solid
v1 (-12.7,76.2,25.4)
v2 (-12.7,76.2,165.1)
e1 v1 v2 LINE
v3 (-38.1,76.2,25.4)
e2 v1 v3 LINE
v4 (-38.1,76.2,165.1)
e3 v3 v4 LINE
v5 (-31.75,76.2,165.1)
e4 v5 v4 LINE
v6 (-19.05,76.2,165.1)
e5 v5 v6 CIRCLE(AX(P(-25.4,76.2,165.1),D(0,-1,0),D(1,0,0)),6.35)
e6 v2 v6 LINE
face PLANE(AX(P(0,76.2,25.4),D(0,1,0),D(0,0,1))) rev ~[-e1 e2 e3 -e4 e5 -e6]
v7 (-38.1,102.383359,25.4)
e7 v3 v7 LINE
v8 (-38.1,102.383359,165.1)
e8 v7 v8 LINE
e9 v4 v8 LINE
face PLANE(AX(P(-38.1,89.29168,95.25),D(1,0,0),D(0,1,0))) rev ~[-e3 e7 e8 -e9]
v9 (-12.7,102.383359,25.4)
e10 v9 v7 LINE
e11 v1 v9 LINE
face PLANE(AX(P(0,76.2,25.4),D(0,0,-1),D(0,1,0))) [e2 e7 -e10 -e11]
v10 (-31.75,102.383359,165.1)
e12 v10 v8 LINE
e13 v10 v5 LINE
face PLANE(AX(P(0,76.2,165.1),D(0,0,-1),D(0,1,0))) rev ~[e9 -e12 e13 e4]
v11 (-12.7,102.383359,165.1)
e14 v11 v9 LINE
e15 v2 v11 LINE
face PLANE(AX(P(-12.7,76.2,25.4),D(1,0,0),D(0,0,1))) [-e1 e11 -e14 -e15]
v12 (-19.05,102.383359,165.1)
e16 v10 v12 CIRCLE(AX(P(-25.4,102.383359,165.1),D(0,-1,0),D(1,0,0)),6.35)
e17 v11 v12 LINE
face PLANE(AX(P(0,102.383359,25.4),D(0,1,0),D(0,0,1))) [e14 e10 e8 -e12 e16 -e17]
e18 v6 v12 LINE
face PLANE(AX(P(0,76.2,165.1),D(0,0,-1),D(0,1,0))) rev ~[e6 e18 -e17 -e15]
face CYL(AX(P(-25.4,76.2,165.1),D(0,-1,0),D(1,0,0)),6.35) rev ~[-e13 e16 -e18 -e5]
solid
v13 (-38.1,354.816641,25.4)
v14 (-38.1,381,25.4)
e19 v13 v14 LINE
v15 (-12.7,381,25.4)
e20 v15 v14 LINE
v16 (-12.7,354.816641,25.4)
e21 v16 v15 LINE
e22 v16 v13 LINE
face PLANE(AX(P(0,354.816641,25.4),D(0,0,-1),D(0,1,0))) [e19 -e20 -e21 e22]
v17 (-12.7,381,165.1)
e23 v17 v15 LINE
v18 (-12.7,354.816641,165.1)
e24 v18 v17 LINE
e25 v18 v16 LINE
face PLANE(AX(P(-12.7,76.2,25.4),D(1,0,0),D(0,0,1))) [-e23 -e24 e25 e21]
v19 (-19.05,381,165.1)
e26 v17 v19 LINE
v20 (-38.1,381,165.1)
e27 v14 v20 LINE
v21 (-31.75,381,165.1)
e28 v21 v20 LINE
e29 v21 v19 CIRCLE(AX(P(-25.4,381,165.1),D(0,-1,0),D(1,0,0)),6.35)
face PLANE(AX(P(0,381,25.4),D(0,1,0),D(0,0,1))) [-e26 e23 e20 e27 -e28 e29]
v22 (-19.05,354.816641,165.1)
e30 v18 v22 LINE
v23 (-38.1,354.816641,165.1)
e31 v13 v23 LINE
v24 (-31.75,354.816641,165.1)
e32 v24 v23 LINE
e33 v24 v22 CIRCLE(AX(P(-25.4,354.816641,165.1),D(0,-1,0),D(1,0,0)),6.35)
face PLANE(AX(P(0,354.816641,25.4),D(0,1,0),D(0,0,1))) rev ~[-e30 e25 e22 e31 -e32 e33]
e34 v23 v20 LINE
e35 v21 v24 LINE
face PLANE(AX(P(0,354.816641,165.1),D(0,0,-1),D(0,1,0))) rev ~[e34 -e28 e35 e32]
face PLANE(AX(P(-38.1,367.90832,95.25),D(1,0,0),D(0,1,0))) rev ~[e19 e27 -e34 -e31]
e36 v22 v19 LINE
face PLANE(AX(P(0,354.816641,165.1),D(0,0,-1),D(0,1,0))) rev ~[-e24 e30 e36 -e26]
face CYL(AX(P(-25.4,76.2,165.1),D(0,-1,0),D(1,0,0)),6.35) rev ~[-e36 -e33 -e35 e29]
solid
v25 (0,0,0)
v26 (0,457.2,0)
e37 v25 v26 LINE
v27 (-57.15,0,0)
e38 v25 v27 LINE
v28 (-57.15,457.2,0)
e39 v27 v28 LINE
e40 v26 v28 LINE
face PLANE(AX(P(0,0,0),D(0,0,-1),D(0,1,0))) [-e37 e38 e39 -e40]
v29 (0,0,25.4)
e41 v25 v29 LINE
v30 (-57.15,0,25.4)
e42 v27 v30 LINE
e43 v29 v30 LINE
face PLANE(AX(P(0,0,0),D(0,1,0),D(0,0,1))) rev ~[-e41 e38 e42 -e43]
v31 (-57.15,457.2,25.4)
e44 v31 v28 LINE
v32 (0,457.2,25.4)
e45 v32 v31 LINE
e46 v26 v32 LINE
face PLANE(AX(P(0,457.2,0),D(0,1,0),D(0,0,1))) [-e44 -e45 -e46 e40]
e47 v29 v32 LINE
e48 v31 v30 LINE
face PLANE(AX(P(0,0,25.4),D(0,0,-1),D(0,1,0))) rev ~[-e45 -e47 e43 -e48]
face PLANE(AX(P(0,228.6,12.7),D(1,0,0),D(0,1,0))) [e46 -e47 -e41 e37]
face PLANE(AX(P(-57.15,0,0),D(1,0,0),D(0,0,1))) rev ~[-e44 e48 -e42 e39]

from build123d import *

# Parameters (mm, degrees)
F0_W           = 457.2
F0_H           = 25.4
F1_DEPTH       = 203.2
F2_W           = 26.1833593249
F2_H           = 139.7
F3_DEPTH       = 38.1
F4_W           = 12.7
F4_H           = 139.7
F5_DEPTH       = 381.001
F6_W           = 31.75
F6_H           = 152.4
F7_DEPTH       = 38.1
F9_DEPTH       = 196.85
F9_DEPTH_BACK  = 6.35
F11_DEPTH      = 50.8
F12_R          = 22.225
F13_DEPTH      = 12.7
F13_DEPTH_BACK = 139.7
F14_R          = 19.05
F15_DEPTH      = 6.35
F16_R          = 19.05
F17_DEPTH      = 6.35
F19_R          = 12.7
F20_DEPTH      = 190.5
F20_DEPTH_BACK = 38.1
F22_DEPTH      = 114.3
F24_DEPTH      = 209.55
F25_W          = 9.525
F25_H          = 50.8
F26_DEPTH      = 209.55
F28_DEPTH      = 12.7
F28_DEPTH_BACK = 63.5
F29_R          = 6.35
F30_DEPTH      = 406.4
F31_W          = 177.8
F31_H          = 271.1930572987
F32_DEPTH      = 457.201


with BuildPart() as f1:
    # F0 (on Right) → F1 (new body)
    with BuildSketch(Plane.YZ):
        with Locations((228.6, 12.7)):
            Rectangle(F0_W, F0_H)
    extrude(amount=-F1_DEPTH)

    # F6 (on face) → F7 (join)
    with BuildSketch(Plane(origin=(-203.2, 0, 0), x_dir=(0, -1, 0), z_dir=(-1, 0, 0))):
        with Locations((-315.4549715519, 101.6)):
            Rectangle(F6_W, F6_H)
        with Locations((-156.7049715519, 101.6)):
            Rectangle(F6_W, F6_H)
    extrude(amount=-F7_DEPTH)

    # F8 (on face) → F9 (join, two sides)
    with BuildSketch(Plane(origin=(0, 331.3299715519, 0), x_dir=(-1, 0, 0), z_dir=(0, 1, 0))) as f9_sk:
        Polygon((198.8146968374, 190.5), (169.4853031626, 190.5), (154.8206063252, 165.1), (169.4853031626, 139.7), (198.8146968374, 139.7), (213.4793936748, 165.1), align=None)
    extrude(amount=-F9_DEPTH)
    extrude(f9_sk.sketch, amount=F9_DEPTH_BACK)

    # F10 (on face) → F11 (cut)
    with BuildSketch(Plane(origin=(-203.2, 0, 0), x_dir=(0, -1, 0), z_dir=(-1, 0, 0))):
        Polygon((-299.5799715519, 190.5), (-299.5799715519, 139.7), (-172.5799715519, 139.7), (-173.685669899, 190.5), align=None)
    extrude(amount=-F11_DEPTH, mode=Mode.SUBTRACT)

    # F12 (on face) → F13 (cut, two sides)
    with BuildSketch(Plane.XZ.offset(-299.5799715519)) as f13_sk:
        with Locations((-184.15, 165.1)):
            Circle(F12_R)
    extrude(amount=-F13_DEPTH, mode=Mode.SUBTRACT)
    extrude(f13_sk.sketch, amount=F13_DEPTH_BACK, mode=Mode.SUBTRACT)

    # F14 (on face) → F15 (cut)
    with BuildSketch(Plane.XZ.offset(-134.4799715519)):
        with Locations((-184.15, 165.1)):
            Circle(F14_R)
    extrude(amount=-F15_DEPTH, mode=Mode.SUBTRACT)

    # F16 (on face) → F17 (cut)
    with BuildSketch(Plane(origin=(0, 337.6799715519, 0), x_dir=(-1, 0, 0), z_dir=(0, 1, 0))):
        with Locations((184.15, 165.1)):
            Circle(F16_R)
    extrude(amount=-F17_DEPTH, mode=Mode.SUBTRACT)


with BuildPart() as f3:
    # F2 (on face) → F3 (new body)
    with BuildSketch(Plane.YZ):
        with Locations((89.2916796625, 95.25)):
            Rectangle(F2_W, F2_H)
    extrude(amount=-F3_DEPTH)


with BuildPart() as f3b:
    # F2 (on face) → F3, piece 2 (new body)
    with BuildSketch(Plane.YZ):
        with Locations((367.9083203375, 95.25)):
            Rectangle(F2_W, F2_H)
    extrude(amount=-F3_DEPTH)


with BuildPart() as f5_tool:
    # F4 (on face) → F5 (new body, through all)
    with BuildSketch(Plane.XZ.offset(-76.2)):
        with Locations((-6.35, 95.25)):
            Rectangle(F4_W, F4_H)
    extrude(amount=-F5_DEPTH)


with BuildPart() as f3_1:
    add(f3.part)

    # F5: cut by f5_tool
    add(f5_tool.part, mode=Mode.SUBTRACT)


with BuildPart() as f3b_1:
    add(f3b.part)

    # F5: cut by f5_tool
    add(f5_tool.part, mode=Mode.SUBTRACT)


with BuildPart() as f20:
    # F19 (on face) → F20 (new body, two sides)
    with BuildSketch(Plane(origin=(0, 159.8799715519, 0), x_dir=(-1, 0, 0), z_dir=(0, 1, 0))) as f20_sk:
        with Locations((184.15, 165.1)):
            Circle(F19_R)
    extrude(amount=F20_DEPTH)
    extrude(f20_sk.sketch, amount=-F20_DEPTH_BACK)


with BuildPart() as f22:
    # F21 (on offset) → F22 (new body)
    with BuildSketch(Plane.XZ.offset(-293.2299715519)):
        with BuildLine():
            ThreePointArc((-165.100001748, 165.0918391247), (-165.100000437, 165.0959195623), (-165.1, 165.1))
            ThreePointArc((-165.1, 165.1), (-170.6796158184, 178.5703841816), (-184.15, 184.15))
            Line((-184.15, 184.15), (-184.15, 165.1))
            Line((-184.15, 165.1), (-165.100001748, 165.0918391247))
        make_face()
        with BuildLine():
            ThreePointArc((-184.15, 184.15), (-170.6796158184, 178.5703841816), (-165.1, 165.1))
            ThreePointArc((-165.1, 165.1), (-165.100000437, 165.0959195623), (-165.100001748, 165.0918391247))
            Line((-165.100001748, 165.0918391247), (-62.6194391727, 165.0479372263))
            Line((-62.6194391727, 165.0479372263), (-62.6194391727, 266.6479372263))
            Line((-62.6194391727, 266.6479372263), (-75.3194391727, 266.6479372263))
            Line((-75.3194391727, 266.6479372263), (-184.15, 184.15))
        make_face()
        with BuildLine():
            Line((-184.15, 165.1), (-184.15, 184.15))
            ThreePointArc((-184.15, 184.15), (-203.199998252, 165.1081608753), (-184.166321749, 146.0500069921))
            Line((-184.166321749, 146.0500069921), (-184.15, 165.1))
        make_face()
        with BuildLine():
            Line((-62.6194391727, 165.0479372263), (-165.100001748, 165.0918391247))
            ThreePointArc((-165.100001748, 165.0918391247), (-170.6882745145, 151.6209626845), (-184.166321749, 146.0500069921))
            Line((-184.166321749, 146.0500069921), (-75.4064838395, 63.4588556836))
            Line((-75.4064838395, 63.4588556837), (-62.7064885009, 63.4479745176))
            Line((-62.7064885009, 63.4479745176), (-62.6194391727, 165.0479372263))
        make_face()
        with BuildLine():
            ThreePointArc((-184.166321749, 146.0500069921), (-170.6882745145, 151.6209626845), (-165.100001748, 165.0918391247))
            Line((-165.100001748, 165.0918391247), (-184.15, 165.1))
            Line((-184.15, 165.1), (-184.166321749, 146.0500069921))
        make_face()
    extrude(amount=F22_DEPTH)


with BuildPart() as f24_tool:
    # F23 (on face) → F24 (new body)
    with BuildSketch(Plane.XY.offset(266.6479372263)):
        Polygon((-72.1444391727, 197.9799715519), (-72.1444391727, 274.1799715519), (-176.837772131, 280.5299715519), (-176.837772131, 191.6299715519), align=None)
    extrude(amount=-F24_DEPTH)


with BuildPart() as f20_1:
    add(f20.part)

    # F24: cut by f24_tool
    add(f24_tool.part, mode=Mode.SUBTRACT)


with BuildPart() as f22_1:
    add(f22.part)

    # F24: cut by f24_tool
    add(f24_tool.part, mode=Mode.SUBTRACT)

    # F25 (on face) → F26 (cut)
    with BuildSketch(Plane.XY.offset(266.6479372263)):
        with Locations((-67.3819391727, 236.0799715519)):
            Rectangle(F25_W, F25_H)
    extrude(amount=-F26_DEPTH, mode=Mode.SUBTRACT)

    # F27 (on face) → F28 (cut, two sides)
    with BuildSketch(Plane.XZ.offset(-261.4799715519)) as f28_sk:
        Polygon((-72.1444391727, 241.2479372138), (-72.1444391727, 228.5479372138), (-62.6194391727, 235.7778057206), (-62.6194391727, 248.4778057206), align=None)
        Polygon((-62.6800000811, 94.3640369384), (-72.1444391727, 101.5479372138), (-72.1444391727, 88.8479372138), (-62.6908812512, 81.6640369384), align=None)
        Polygon((-62.6194391727, 184.0979372138), (-72.1444391727, 184.0979372138), (-72.1444391727, 145.9979372138), (-62.6357609278, 145.9979372138), align=None)
    extrude(amount=-F28_DEPTH, mode=Mode.SUBTRACT)
    extrude(f28_sk.sketch, amount=F28_DEPTH_BACK, mode=Mode.SUBTRACT)


with BuildPart() as f30_tool:
    # F29 (on face) → F30 (new body)
    with BuildSketch(Plane.XZ.offset(-76.2)):
        with Locations((-25.4, 165.1)):
            Circle(F29_R)
    extrude(amount=-F30_DEPTH)


with BuildPart() as f3_2:
    add(f3_1.part)

    # F30: cut by f30_tool
    add(f30_tool.part, mode=Mode.SUBTRACT)


with BuildPart() as f3b_2:
    add(f3b_1.part)

    # F30: cut by f30_tool
    add(f30_tool.part, mode=Mode.SUBTRACT)


with BuildPart() as f32_tool:
    # F31 (on face) → F32 (new body, through all)
    with BuildSketch(Plane.XZ):
        with Locations((-146.05, 135.5965286493)):
            Rectangle(F31_W, F31_H)
    extrude(amount=-F32_DEPTH)


with BuildPart() as f1_1:
    add(f1.part)

    # F32: cut by f32_tool
    add(f32_tool.part, mode=Mode.SUBTRACT)


with BuildPart() as f20_2:
    add(f20_1.part)

    # F32: cut by f32_tool
    add(f32_tool.part, mode=Mode.SUBTRACT)


with BuildPart() as f22_2:
    add(f22_1.part)

    # F32: cut by f32_tool
    add(f32_tool.part, mode=Mode.SUBTRACT)


solid = Compound([f3_2.part, f3b_2.part, f1_1.part])
